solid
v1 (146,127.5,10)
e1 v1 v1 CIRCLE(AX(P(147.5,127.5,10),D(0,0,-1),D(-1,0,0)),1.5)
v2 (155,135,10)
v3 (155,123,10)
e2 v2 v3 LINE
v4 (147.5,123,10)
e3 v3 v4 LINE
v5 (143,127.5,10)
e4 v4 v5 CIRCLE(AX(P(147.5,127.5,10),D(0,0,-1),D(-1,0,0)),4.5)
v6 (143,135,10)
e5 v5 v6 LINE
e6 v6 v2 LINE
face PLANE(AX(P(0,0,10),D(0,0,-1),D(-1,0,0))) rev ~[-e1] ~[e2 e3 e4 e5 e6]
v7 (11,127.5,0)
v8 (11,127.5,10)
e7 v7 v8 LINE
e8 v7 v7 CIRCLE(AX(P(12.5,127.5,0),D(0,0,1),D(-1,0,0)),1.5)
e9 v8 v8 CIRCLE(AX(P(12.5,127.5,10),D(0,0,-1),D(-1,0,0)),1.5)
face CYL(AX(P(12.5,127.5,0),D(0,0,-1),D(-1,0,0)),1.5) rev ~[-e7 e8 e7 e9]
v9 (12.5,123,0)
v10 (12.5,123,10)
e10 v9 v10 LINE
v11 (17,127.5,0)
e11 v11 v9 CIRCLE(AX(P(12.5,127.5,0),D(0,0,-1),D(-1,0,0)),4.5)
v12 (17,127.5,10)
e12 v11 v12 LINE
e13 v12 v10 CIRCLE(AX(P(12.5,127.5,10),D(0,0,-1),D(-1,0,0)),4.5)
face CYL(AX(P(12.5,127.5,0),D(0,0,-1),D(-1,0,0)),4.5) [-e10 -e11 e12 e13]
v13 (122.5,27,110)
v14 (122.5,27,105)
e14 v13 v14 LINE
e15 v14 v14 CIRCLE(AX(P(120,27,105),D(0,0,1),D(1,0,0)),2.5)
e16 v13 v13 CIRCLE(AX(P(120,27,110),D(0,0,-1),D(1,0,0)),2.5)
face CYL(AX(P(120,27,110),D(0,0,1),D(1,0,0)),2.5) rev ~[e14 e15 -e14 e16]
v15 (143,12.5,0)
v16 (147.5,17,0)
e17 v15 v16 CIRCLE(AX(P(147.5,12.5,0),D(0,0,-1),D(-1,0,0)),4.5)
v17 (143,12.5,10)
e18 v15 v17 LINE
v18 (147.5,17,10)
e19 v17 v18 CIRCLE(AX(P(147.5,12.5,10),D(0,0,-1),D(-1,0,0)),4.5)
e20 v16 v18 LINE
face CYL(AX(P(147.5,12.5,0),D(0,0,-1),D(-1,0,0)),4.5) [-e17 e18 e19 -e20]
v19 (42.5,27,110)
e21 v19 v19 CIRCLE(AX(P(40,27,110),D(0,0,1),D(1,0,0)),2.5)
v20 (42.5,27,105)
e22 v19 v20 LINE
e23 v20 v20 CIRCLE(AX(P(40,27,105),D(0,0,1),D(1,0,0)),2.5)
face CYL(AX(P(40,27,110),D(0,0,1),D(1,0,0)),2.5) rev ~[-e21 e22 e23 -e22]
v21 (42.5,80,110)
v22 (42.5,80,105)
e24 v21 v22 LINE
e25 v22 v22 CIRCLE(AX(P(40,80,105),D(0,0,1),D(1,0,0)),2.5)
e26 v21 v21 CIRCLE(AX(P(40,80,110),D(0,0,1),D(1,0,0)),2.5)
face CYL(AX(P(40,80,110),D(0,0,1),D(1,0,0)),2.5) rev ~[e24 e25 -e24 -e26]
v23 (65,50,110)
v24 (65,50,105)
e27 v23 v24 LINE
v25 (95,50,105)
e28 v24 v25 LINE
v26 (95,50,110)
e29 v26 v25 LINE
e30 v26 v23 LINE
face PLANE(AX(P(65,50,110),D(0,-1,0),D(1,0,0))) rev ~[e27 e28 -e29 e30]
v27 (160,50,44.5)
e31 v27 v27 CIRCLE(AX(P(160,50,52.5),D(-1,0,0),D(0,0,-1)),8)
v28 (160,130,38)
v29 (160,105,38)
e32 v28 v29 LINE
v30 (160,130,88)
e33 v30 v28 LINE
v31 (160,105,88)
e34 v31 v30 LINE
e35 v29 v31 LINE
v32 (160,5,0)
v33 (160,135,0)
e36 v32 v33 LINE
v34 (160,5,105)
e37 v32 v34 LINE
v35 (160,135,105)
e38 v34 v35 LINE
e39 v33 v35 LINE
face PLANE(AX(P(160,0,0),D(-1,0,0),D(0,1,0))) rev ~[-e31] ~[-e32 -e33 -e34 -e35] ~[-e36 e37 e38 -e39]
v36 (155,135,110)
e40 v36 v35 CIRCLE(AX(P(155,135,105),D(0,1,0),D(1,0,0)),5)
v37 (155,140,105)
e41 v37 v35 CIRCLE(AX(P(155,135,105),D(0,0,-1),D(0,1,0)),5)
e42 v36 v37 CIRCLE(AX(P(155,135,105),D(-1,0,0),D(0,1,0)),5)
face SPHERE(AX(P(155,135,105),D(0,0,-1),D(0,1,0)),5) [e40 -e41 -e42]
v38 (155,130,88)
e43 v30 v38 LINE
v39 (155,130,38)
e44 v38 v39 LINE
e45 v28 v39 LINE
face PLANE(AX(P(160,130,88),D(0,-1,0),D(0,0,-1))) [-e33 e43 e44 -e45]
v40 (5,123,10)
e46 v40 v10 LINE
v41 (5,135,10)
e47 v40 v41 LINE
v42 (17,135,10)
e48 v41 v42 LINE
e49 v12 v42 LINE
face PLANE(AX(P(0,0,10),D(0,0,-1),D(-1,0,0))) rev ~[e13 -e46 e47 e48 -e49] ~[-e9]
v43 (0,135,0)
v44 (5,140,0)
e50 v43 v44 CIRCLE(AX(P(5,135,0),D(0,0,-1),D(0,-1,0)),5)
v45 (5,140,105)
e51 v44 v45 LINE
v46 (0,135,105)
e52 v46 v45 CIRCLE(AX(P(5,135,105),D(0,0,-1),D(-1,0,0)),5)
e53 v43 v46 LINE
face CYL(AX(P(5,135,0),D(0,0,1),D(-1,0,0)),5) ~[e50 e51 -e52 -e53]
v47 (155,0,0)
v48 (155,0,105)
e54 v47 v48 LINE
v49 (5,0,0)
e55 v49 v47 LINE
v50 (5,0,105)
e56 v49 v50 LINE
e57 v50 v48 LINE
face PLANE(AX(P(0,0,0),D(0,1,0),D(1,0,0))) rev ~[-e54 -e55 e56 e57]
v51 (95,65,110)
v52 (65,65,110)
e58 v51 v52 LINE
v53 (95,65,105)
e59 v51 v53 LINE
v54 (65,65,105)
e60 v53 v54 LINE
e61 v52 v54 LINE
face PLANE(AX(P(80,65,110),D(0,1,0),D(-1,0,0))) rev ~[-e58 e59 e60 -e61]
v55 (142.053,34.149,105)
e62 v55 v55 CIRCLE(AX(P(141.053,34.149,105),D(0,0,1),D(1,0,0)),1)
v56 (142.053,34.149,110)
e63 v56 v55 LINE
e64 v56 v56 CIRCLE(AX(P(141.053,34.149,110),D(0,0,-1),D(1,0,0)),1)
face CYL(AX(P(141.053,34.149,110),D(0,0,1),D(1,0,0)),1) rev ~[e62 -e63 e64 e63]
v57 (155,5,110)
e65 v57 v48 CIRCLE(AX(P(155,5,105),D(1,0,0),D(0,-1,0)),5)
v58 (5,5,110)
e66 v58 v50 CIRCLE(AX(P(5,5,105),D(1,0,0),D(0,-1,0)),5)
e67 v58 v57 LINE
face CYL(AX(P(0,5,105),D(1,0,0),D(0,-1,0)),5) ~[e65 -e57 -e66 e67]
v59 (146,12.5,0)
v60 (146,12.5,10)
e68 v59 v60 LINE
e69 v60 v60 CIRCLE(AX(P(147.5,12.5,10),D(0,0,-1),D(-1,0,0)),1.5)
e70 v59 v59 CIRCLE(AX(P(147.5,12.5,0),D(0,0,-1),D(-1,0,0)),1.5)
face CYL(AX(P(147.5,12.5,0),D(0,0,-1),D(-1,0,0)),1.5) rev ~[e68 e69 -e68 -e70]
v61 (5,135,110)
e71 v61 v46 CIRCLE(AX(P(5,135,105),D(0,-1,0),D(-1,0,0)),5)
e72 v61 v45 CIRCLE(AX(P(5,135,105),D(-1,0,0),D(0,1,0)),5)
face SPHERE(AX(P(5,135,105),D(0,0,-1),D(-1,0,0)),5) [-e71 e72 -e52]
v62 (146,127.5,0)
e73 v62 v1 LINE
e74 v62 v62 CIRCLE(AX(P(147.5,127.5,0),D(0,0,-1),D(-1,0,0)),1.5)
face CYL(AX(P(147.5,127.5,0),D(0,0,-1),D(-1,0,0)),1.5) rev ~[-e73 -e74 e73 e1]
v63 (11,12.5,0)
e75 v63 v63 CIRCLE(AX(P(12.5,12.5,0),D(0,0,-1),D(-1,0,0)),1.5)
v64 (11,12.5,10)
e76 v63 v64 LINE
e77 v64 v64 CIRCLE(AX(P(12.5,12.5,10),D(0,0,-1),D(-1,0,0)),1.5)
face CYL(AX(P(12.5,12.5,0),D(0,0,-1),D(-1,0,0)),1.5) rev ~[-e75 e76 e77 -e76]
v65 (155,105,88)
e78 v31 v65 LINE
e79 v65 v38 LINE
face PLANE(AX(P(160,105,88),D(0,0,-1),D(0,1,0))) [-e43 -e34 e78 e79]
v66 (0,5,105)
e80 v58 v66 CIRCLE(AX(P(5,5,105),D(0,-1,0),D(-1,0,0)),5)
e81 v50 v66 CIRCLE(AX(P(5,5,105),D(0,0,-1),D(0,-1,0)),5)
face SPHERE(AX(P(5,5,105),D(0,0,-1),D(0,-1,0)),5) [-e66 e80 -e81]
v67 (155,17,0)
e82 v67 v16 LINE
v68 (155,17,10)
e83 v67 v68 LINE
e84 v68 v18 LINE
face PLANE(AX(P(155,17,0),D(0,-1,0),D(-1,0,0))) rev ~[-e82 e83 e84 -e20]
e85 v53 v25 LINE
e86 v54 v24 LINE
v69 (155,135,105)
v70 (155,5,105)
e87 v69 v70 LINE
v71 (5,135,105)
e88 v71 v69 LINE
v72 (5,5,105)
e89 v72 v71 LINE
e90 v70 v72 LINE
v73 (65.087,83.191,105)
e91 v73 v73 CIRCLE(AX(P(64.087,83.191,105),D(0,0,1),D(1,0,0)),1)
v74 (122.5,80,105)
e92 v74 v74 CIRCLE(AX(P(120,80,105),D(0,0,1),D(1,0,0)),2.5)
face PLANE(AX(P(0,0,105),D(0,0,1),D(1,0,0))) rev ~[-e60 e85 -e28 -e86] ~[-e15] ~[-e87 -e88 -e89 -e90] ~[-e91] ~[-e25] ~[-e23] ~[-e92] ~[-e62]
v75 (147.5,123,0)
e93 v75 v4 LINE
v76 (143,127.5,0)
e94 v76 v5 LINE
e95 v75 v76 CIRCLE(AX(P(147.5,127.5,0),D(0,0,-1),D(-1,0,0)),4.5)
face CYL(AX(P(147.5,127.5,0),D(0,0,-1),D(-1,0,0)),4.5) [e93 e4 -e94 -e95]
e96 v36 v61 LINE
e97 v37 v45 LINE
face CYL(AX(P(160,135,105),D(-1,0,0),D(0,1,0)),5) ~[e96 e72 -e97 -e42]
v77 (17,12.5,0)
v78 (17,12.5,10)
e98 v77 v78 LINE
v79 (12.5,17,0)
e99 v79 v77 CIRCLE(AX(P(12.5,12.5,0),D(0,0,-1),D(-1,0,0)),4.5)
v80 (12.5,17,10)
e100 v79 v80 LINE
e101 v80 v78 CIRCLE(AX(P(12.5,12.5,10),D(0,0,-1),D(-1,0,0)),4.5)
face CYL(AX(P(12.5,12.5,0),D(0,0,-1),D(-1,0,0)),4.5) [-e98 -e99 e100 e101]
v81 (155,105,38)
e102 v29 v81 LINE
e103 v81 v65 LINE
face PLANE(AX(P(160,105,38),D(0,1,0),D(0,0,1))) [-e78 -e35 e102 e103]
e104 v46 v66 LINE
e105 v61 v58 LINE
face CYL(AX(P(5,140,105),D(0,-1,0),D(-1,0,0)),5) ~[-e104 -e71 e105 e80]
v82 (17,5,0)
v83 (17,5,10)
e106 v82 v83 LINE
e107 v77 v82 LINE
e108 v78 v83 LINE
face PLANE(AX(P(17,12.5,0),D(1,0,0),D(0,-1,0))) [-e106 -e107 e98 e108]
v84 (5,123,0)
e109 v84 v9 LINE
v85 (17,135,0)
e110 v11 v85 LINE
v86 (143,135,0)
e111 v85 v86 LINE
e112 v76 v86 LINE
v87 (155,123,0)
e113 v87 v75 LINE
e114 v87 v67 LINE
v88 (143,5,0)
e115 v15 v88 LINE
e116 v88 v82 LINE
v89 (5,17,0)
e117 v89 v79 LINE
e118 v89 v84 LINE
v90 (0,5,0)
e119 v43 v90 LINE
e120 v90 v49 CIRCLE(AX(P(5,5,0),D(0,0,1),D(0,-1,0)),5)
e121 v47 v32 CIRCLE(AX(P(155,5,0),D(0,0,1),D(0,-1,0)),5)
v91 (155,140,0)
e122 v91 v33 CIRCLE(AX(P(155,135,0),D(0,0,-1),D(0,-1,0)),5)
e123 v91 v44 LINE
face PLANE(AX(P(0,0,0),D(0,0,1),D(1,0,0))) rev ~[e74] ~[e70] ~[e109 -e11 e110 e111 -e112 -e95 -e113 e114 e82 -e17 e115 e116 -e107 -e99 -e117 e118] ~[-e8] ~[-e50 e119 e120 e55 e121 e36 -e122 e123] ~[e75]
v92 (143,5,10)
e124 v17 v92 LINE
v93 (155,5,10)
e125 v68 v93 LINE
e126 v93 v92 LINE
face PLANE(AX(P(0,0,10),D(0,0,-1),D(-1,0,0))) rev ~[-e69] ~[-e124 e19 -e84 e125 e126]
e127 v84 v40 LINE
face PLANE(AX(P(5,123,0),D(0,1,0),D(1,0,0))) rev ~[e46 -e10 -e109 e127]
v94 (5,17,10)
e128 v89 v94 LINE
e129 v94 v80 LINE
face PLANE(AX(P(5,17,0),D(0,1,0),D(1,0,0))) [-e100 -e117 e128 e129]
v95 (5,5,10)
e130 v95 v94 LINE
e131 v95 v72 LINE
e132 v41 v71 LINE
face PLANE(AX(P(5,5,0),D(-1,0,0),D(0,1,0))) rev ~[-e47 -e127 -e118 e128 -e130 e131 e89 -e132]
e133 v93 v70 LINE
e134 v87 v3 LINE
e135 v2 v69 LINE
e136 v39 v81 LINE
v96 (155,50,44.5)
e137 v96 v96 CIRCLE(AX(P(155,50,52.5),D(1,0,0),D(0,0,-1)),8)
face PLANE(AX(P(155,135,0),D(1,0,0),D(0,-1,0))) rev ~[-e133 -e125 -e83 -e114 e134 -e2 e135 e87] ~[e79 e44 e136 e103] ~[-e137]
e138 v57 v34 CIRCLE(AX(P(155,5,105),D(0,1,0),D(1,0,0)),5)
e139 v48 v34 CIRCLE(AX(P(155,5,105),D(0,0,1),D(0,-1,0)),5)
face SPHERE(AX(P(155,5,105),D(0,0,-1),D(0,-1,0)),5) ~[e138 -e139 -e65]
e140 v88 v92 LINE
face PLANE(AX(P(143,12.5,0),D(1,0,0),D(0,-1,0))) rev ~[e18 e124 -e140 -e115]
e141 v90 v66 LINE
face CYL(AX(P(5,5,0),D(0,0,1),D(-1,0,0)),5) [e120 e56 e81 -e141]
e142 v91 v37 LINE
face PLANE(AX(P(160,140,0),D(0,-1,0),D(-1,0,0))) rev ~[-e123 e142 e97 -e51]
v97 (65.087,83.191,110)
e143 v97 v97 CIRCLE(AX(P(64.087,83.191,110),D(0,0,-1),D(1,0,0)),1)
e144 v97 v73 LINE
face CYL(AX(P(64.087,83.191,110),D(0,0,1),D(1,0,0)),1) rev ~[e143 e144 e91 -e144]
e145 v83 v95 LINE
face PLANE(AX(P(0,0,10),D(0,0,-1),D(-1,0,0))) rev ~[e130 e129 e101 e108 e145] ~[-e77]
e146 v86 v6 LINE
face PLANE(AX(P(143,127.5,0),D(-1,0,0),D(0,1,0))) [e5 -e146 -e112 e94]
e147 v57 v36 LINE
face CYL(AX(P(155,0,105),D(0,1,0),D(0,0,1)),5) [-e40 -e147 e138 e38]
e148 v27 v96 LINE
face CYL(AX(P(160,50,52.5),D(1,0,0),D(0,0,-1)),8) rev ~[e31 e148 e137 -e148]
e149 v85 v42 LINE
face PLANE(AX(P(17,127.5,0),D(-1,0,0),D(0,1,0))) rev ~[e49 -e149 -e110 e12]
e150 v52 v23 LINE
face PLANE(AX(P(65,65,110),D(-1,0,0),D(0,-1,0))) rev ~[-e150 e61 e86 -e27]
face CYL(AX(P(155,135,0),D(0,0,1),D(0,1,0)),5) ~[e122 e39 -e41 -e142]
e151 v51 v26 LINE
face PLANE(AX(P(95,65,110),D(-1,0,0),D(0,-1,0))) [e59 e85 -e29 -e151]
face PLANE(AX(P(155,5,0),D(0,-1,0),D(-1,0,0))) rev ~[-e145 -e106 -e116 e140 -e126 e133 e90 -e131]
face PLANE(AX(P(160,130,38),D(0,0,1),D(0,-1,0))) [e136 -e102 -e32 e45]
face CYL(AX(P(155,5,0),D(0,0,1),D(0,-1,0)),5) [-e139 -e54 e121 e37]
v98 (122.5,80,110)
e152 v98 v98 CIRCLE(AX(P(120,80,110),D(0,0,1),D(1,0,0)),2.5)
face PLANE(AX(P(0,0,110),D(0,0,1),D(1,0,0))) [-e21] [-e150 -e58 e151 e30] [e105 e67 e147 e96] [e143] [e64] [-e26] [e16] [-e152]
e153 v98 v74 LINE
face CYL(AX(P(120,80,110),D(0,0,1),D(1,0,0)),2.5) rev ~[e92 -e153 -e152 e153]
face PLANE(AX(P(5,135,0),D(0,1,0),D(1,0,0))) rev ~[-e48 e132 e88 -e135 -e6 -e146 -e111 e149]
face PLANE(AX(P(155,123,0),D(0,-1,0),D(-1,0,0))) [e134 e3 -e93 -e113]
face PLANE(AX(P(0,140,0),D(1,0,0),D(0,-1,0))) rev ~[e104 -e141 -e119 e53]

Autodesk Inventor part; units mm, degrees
ref_plane "YZ Plane" through (0, 0, 0) normal (1, 0, 0) x (0, 1, 0)
ref_plane "XZ Plane" through (0, 0, 0) normal (0, 1, 0) x (-1, 0, 0)
ref_plane "XY Plane" through (0, 0, 0) normal (0, 0, 1) x (1, 0, 0)
sketch "Sketch1" plane through (0, 0, 0) normal (0, 0, 1) x (1, 0, 0)
  line L0 (0, 0) -> (160, 0)
  line L1 (160, 0) -> (160, 140)
  line L2 (160, 140) -> (0, 140)
  line L3 (0, 140) -> (0, 0)
  line L4 (5, 135) -> (155, 135)
  line L5 (155, 135) -> (155, 5)
  line L6 (155, 5) -> (5, 5)
  line L7 (5, 5) -> (5, 135)
  dimension "d0" = 160
  dimension "d1" = 140
  dimension "d2" = 5
extrude "Extrusion1" add sketch "Sketch1" along normal blind 110
sketch "Sketch2" plane through (0, 0, 110) normal (0, 0, 1) x (1, 0, 0)
  line L0 (160, 0) -> (160, 140) projected
  line L1 (160, 140) -> (0, 140) projected
  line L2 (0, 140) -> (0, 0) projected
  line L3 (0, 0) -> (160, 0) projected
  line L4 (5, 135) -> (155, 135) projected
  line L5 (155, 135) -> (155, 5) projected
  line L6 (155, 5) -> (5, 5) projected
  line L7 (5, 5) -> (5, 135) projected
extrude "Extrusion2" add sketch "Sketch2" against normal blind 5 contours L4 L5 L6 L7
sketch "Sketch4" plane through (160, 0, 0) normal (1, 0, 0) x (0, 0, -1)
  line L0 (0, 0) -> (0, 140) projected
  line L1 (0, 140) -> (-110, 140) projected
  line L2 (-110, 0) -> (-110, 140) projected
  line L3 (0, 0) -> (-110, 0) projected
  line L4 (-110, 140) -> (-110, 130)
  line L5 (-110, 130) -> (-88, 130)
  line L6 (-88, 130) -> (-38, 130)
  line L7 (-38, 130) -> (-38, 105)
  line L8 (-38, 105) -> (-88, 105)
  line L9 (-88, 105) -> (-88, 130)
  point P0 (0, 0)
  dimension "d7" = 10
  dimension "d8" = 22
  dimension "d9" = 50
  dimension "d10" = 25
extrude "Extrusion3" cut sketch "Sketch4" against normal blind 5 contours L6 L7 L8 L9
sketch "Sketch5" plane through (0, 0, 110) normal (0, 0, 1) x (1, 0, 0)
  line L0 (160, 0) -> (160, 140) projected
  line L1 (160, 140) -> (0, 140) projected
  line L2 (0, 140) -> (0, 0) projected
  line L3 (0, 0) -> (160, 0) projected
  line L4 (80, 140) -> (80, 90)
  line L5 (80, 90) -> (30, 90)
  line L6 (30, 90) -> (30, 17)
  line L7 (30, 17) -> (80, 17)
  line L8 (80, 17) -> (80, 90)
  line L9 (80, 90) -> (130, 90)
  line L10 (130, 90) -> (130, 17)
  line L11 (130, 17) -> (80, 17)
  line L12 (130, 17) -> (120, 17)
  line L13 (120, 17) -> (120, 27)
  circle A0 centre (120, 27) radius 2.5
  line L14 (130, 53.5) -> (125, 53.5)
  circle A1 centre (40, 27) radius 2.5
  circle A2 centre (120, 80) radius 2.5
  circle A3 centre (40, 80) radius 2.5
  dimension "d13" = 50
  dimension "d14" = 50
  dimension "d15" = 73
  dimension "d16" = 10
  dimension "d17" = 10
  dimension "d18" = 5
  dimension "d19" = 5
extrude "Extrusion4" cut sketch "Sketch5" against normal blind 5 contours A0 | A1 | A2 | A3
sketch "Sketch6" plane through (0, 0, 110) normal (0, 0, 1) x (1, 0, 0)
  circle A0 centre (120, 80) radius 2.5 projected
  circle A1 centre (40, 27) radius 2.5 projected
  circle A2 centre (40, 80) radius 2.5 projected
  circle A3 centre (120, 27) radius 2.5 projected
  line L0 (160, 0) -> (160, 140) projected
  line L1 (160, 140) -> (0, 140) projected
  line L2 (0, 140) -> (0, 0) projected
  line L3 (0, 0) -> (160, 0) projected
  line L4 (160, 0) -> (141.053, 0)
  line L5 (0, 0) -> (160, 0) projected
  line L6 (141.053, 0) -> (141.053, 34.149)
  circle A4 centre (141.053, 34.149) radius 1
  line L7 (0, 140) -> (64.087, 140)
  line L8 (64.087, 140) -> (64.087, 83.191)
  circle A5 centre (64.087, 83.191) radius 1
  dimension "d22" = 18.947
  dimension "d23" = 34.149
  dimension "d24" = 2
  dimension "d28" = 64.087
  dimension "d29" = 56.809
  dimension "d30" = 2
extrude "Extrusion5" cut sketch "Sketch6" against normal blind 5 contours A5 | A4
fillet "Fillet1" radius 5 8 edges at (160, 0, 55) (0, 0, 55) (160, 140, 55) (0, 140, 55) (80, 0, 110) (0, 70, 110) (80, 140, 110) (160, 70, 110)
sketch "Sketch7" plane through (0, 0, 0) normal (0, 0, -1) x (-1, 0, 0)
  line L0 (-5, 135) -> (-155, 135) projected
  line L1 (-5, 5) -> (-5, 135) projected
  line L2 (-155, 5) -> (-5, 5) projected
  line L3 (-155, 135) -> (-155, 5) projected
  arc A0 (0, 135) -> (-5, 140) centre (-5, 135) ccw projected
  line L4 (-155, 140) -> (-5, 140) projected
  arc A1 (-155, 140) -> (-160, 135) centre (-155, 135) ccw projected
  line L5 (-160, 5) -> (-160, 135) projected
  arc A2 (-160, 5) -> (-155, 0) centre (-155, 5) ccw projected
  line L6 (-5, 0) -> (-155, 0) projected
  arc A3 (-5, 0) -> (0, 5) centre (-5, 5) ccw projected
  line L7 (0, 135) -> (0, 5) projected
  line L8 (-5, 135) -> (-12.5, 135)
  line L9 (-12.5, 135) -> (-12.5, 127.5)
  line L10 (-12.5, 127.5) -> (-5, 127.5)
  line L11 (-5, 127.5) -> (-5, 135)
  circle A4 centre (-12.5, 127.5) radius 1.5
  line L12 (-80, 135) -> (-80, 130)
  line L13 (-5, 70) -> (-10, 70)
  circle A5 centre (-147.5, 127.5) radius 1.5
  circle A6 centre (-12.5, 12.5) radius 1.5
  circle A7 centre (-147.5, 12.5) radius 1.5
  circle A8 centre (-12.5, 127.5) radius 4.5
  line L14 (-5, 123) -> (-12.5, 123)
  line L15 (-5, 5) -> (-5, 135) projected
  line L16 (-17, 127.5) -> (-17, 135)
  circle A9 centre (-147.5, 127.5) radius 4.5
  line L17 (-155, 123) -> (-147.5, 123)
  line L18 (-143, 127.5) -> (-143, 135)
  circle A10 centre (-12.5, 12.5) radius 4.5
  line L19 (-5, 17) -> (-12.5, 17)
  line L20 (-17, 12.5) -> (-17, 5)
  circle A11 centre (-147.5, 12.5) radius 4.5
  line L21 (-143, 12.5) -> (-143, 5)
  line L22 (-155, 17) -> (-147.5, 17)
  point P0 (0, 0)
  dimension "d31" = 7.5
  dimension "d32" = 7.5
  dimension "d33" = 3
  dimension "d34" = 5
  dimension "d35" = 5
  dimension "d36" = 3
extrude "Extrusion6" add sketch "Sketch7" against normal blind 10 contours L1 L10 A8 L9 L0 | L9 A8 L16 L0 | L1 L14 A8 L10 | A8 L10 A4 L9 | L9 A4 L10 A8 | L18 A9 L17 L3 L0 | L1 L2 L20 A10 L19 | A9 | A10 | L22 A11 L21 L2 L3 | A11
sketch "Sketch8" plane through (0, 0, 110) normal (0, 0, 1) x (1, 0, 0)
  line L0 (155, 140) -> (5, 140) projected
  line L1 (80, 140) -> (80, 65)
  line L2 (80, 65) -> (65, 65)
  line L3 (65, 65) -> (65, 50)
  line L4 (65, 50) -> (80, 50)
  line L5 (80, 50) -> (80, 65)
  line L6 (80, 65) -> (95, 65)
  line L7 (95, 65) -> (95, 50)
  line L8 (95, 50) -> (80, 50)
  point P0 (0, 0)
  dimension "d39" = 75
  dimension "d40" = 15
  dimension "d41" = 15
extrude "Extrusion7" cut sketch "Sketch8" against normal blind 10
sketch "Sketch9" plane through (160, 5, 0) normal (1, 0, 0) x (0, 0, -1)
  line L0 (0, 135) -> (-105, 135) projected
  line L1 (-110, 130) -> (-110, 0) projected
  line L2 (-105, -5) -> (0, -5) projected
  line L3 (-52.5, 135) -> (-52.5, 45)
  circle A0 centre (-52.5, 45) radius 8
  dimension "d44" = 90
  dimension "d45" = 16
extrude "Extrusion8" cut sketch "Sketch9" against normal blind 10
properties part number "BoxIoT"
